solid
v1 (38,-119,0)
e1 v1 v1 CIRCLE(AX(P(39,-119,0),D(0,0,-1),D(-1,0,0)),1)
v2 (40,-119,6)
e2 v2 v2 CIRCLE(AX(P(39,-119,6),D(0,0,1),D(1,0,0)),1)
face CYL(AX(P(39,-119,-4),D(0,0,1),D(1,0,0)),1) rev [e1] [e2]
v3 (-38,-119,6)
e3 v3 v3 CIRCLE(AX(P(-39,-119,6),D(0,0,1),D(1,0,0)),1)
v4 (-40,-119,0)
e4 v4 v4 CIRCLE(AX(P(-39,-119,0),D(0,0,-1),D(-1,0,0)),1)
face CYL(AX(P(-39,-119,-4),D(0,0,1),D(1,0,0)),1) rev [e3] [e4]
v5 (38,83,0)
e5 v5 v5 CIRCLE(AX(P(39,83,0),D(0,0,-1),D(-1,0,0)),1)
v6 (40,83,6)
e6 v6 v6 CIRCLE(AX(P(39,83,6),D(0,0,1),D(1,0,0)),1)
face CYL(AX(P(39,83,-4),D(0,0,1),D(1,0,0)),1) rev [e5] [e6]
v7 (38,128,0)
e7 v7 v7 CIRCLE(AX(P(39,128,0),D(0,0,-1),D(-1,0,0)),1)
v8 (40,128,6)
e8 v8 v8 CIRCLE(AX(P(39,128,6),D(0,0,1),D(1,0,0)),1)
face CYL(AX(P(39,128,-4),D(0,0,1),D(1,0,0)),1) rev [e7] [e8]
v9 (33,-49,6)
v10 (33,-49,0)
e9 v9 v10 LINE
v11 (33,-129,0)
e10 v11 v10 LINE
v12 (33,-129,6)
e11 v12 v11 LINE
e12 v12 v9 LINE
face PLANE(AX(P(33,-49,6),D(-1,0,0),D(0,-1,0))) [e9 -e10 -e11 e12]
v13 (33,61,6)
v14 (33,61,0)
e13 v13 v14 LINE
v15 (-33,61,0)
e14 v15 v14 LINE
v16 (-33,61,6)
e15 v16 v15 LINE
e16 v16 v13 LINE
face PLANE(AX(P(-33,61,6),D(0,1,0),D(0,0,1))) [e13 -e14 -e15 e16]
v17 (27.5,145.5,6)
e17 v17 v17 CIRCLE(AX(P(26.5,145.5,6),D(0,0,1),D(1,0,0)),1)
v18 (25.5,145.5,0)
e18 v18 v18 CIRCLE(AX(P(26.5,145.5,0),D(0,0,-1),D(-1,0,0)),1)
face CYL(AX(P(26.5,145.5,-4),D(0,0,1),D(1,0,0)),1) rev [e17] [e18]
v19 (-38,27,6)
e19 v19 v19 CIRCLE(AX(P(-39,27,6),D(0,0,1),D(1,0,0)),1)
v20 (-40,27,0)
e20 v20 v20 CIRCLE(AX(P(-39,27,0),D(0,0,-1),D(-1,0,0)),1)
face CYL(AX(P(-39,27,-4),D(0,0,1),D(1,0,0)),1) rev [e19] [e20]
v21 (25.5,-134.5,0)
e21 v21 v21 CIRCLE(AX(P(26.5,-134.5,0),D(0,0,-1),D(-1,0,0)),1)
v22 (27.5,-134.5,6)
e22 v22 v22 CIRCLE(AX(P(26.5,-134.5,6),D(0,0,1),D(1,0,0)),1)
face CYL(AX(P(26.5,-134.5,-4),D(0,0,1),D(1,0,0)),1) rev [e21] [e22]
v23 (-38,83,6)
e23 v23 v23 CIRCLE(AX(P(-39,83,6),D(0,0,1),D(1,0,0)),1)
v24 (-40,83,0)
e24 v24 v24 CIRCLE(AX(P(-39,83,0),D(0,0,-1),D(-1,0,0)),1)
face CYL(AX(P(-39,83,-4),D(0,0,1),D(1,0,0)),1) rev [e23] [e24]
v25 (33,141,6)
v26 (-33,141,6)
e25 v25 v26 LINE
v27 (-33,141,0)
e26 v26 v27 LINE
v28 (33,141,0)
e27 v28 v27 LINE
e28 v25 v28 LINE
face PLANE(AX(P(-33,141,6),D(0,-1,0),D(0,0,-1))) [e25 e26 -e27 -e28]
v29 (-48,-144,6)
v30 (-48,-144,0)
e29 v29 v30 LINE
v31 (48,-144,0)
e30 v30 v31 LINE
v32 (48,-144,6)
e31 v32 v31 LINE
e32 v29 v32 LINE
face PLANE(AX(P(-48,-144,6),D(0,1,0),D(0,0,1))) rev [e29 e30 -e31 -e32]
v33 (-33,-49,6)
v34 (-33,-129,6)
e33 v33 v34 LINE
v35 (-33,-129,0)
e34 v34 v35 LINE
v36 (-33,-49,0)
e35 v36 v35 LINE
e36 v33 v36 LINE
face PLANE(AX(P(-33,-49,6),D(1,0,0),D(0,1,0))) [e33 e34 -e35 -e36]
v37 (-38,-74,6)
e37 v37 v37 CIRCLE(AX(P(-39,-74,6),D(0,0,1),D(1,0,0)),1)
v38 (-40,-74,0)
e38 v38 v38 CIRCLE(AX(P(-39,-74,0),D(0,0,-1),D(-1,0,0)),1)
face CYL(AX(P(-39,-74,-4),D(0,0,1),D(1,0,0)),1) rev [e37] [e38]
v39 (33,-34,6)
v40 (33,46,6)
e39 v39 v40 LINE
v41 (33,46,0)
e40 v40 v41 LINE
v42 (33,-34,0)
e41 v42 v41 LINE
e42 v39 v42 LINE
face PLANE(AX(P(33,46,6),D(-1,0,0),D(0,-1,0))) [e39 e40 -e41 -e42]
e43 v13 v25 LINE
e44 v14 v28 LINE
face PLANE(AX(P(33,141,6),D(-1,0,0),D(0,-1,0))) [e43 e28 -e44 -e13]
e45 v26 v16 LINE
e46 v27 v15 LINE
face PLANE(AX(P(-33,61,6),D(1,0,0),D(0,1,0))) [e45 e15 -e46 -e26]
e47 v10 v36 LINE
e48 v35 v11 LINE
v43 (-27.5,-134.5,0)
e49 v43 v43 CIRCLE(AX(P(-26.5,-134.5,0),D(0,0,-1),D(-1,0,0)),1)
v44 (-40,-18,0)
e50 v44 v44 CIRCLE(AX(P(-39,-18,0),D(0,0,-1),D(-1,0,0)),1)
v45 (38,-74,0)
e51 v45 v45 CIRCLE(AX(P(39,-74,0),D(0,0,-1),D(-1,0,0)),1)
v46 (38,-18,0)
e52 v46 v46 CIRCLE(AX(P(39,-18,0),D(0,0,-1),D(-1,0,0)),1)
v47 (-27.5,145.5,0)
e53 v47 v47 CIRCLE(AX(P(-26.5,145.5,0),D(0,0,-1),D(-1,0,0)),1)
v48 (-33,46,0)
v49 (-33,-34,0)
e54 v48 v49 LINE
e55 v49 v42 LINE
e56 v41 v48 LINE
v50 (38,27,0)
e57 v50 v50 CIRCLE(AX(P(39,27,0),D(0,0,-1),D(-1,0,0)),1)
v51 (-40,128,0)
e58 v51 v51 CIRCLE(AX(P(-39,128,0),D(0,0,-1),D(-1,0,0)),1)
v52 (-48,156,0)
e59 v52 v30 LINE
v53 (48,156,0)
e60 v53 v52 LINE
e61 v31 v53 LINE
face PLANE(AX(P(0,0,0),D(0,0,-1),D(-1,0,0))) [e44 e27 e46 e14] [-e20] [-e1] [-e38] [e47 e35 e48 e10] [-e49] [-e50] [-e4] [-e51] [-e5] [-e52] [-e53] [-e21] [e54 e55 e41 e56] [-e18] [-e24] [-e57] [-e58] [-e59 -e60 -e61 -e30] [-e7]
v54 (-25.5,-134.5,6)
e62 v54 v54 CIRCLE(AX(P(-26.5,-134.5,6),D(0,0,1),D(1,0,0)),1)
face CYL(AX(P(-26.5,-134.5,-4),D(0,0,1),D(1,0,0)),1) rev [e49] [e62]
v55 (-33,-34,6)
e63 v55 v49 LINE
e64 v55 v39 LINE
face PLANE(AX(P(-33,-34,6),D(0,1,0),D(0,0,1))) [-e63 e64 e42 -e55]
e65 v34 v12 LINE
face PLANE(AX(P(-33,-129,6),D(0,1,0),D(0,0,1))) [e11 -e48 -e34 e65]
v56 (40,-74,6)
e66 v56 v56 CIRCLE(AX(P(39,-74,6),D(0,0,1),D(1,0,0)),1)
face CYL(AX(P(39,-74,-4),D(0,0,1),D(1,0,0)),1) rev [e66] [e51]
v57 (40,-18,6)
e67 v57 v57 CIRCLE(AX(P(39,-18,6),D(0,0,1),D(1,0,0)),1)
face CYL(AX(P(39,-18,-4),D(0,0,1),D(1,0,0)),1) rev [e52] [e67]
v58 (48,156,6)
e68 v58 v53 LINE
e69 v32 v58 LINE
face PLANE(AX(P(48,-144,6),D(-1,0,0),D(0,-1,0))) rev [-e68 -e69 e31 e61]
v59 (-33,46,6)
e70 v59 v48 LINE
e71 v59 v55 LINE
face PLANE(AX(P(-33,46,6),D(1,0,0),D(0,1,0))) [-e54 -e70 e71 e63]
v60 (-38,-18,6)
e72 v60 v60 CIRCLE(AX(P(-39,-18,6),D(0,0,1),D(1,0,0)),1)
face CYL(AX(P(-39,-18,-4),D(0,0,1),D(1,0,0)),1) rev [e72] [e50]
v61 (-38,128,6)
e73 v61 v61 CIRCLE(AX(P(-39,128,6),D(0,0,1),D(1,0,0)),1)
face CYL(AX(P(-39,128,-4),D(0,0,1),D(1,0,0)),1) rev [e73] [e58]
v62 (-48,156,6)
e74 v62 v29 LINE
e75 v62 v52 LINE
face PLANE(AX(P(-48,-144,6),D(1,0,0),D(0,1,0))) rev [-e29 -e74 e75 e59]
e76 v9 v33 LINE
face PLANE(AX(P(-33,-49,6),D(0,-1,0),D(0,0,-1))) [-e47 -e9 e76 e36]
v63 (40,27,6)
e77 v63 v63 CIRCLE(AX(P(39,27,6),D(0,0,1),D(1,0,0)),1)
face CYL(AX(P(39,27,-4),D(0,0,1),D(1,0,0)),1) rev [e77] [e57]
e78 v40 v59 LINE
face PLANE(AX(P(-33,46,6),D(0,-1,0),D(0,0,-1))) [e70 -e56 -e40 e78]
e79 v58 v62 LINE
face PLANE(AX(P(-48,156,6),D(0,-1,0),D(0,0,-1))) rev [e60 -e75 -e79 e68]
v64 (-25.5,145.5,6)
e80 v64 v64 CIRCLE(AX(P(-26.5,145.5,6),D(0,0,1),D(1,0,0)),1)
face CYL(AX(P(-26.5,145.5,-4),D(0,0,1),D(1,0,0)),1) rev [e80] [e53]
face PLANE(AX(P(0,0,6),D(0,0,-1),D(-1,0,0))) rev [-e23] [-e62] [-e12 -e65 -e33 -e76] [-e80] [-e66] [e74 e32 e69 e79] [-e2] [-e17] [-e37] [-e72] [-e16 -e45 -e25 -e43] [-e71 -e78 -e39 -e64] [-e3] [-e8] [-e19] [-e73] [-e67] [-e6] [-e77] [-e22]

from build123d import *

# Parameters (mm, degrees)
SKETCH1_W           = 96
SKETCH1_H           = 300
SKETCH1_W_2         = 66
SKETCH1_H_2         = 80
BOSS_EXTRUDE1_DEPTH = 6
SKETCH3_R           = 1
CUT_EXTRUDE6_DEPTH  = 10
SKETCH5_R           = 1
CUT_EXTRUDE9_DEPTH  = 10


with BuildPart() as part:
    # Sketch1 → Boss-Extrude1 (new body)
    with BuildSketch(Plane.XY):
        with Locations((0, 6)):
            Rectangle(SKETCH1_W, SKETCH1_H)
        with Locations((0, 101)):
            Rectangle(SKETCH1_W_2, SKETCH1_H_2, mode=Mode.SUBTRACT)
        with Locations((0, -89)):
            Rectangle(SKETCH1_W_2, SKETCH1_H_2, mode=Mode.SUBTRACT)
        with Locations((0, 6)):
            Rectangle(SKETCH1_W_2, SKETCH1_H_2, mode=Mode.SUBTRACT)
    extrude(amount=BOSS_EXTRUDE1_DEPTH)

    # Sketch3 → Cut-Extrude6 (cut)
    with BuildSketch(Plane.XY.offset(6)):
        with Locations((-39, 128)):
            Circle(SKETCH3_R)
        with Locations((-39, 27)):
            Circle(SKETCH3_R)
        with Locations((39, 128)):
            Circle(SKETCH3_R)
        with Locations((39, 83)):
            Circle(SKETCH3_R)
        with Locations((-39, 83)):
            Circle(SKETCH3_R)
        with Locations((39, 27)):
            Circle(SKETCH3_R)
        with Locations((39, -18)):
            Circle(SKETCH3_R)
        with Locations((-39, -18)):
            Circle(SKETCH3_R)
        with Locations((-39, -74)):
            Circle(SKETCH3_R)
        with Locations((39, -74)):
            Circle(SKETCH3_R)
        with Locations((39, -119)):
            Circle(SKETCH3_R)
        with Locations((-39, -119)):
            Circle(SKETCH3_R)
    extrude(amount=-CUT_EXTRUDE6_DEPTH, mode=Mode.SUBTRACT)

    # Sketch5 → Cut-Extrude9 (cut)
    with BuildSketch(Plane.XY.offset(6)):
        with Locations((-26.5, -134.5)):
            Circle(SKETCH5_R)
        with Locations((26.5, -134.5)):
            Circle(SKETCH5_R)
        with Locations((-26.5, 145.5)):
            Circle(SKETCH5_R)
        with Locations((26.5, 145.5)):
            Circle(SKETCH5_R)
    extrude(amount=-CUT_EXTRUDE9_DEPTH, mode=Mode.SUBTRACT)


solid = part.part
